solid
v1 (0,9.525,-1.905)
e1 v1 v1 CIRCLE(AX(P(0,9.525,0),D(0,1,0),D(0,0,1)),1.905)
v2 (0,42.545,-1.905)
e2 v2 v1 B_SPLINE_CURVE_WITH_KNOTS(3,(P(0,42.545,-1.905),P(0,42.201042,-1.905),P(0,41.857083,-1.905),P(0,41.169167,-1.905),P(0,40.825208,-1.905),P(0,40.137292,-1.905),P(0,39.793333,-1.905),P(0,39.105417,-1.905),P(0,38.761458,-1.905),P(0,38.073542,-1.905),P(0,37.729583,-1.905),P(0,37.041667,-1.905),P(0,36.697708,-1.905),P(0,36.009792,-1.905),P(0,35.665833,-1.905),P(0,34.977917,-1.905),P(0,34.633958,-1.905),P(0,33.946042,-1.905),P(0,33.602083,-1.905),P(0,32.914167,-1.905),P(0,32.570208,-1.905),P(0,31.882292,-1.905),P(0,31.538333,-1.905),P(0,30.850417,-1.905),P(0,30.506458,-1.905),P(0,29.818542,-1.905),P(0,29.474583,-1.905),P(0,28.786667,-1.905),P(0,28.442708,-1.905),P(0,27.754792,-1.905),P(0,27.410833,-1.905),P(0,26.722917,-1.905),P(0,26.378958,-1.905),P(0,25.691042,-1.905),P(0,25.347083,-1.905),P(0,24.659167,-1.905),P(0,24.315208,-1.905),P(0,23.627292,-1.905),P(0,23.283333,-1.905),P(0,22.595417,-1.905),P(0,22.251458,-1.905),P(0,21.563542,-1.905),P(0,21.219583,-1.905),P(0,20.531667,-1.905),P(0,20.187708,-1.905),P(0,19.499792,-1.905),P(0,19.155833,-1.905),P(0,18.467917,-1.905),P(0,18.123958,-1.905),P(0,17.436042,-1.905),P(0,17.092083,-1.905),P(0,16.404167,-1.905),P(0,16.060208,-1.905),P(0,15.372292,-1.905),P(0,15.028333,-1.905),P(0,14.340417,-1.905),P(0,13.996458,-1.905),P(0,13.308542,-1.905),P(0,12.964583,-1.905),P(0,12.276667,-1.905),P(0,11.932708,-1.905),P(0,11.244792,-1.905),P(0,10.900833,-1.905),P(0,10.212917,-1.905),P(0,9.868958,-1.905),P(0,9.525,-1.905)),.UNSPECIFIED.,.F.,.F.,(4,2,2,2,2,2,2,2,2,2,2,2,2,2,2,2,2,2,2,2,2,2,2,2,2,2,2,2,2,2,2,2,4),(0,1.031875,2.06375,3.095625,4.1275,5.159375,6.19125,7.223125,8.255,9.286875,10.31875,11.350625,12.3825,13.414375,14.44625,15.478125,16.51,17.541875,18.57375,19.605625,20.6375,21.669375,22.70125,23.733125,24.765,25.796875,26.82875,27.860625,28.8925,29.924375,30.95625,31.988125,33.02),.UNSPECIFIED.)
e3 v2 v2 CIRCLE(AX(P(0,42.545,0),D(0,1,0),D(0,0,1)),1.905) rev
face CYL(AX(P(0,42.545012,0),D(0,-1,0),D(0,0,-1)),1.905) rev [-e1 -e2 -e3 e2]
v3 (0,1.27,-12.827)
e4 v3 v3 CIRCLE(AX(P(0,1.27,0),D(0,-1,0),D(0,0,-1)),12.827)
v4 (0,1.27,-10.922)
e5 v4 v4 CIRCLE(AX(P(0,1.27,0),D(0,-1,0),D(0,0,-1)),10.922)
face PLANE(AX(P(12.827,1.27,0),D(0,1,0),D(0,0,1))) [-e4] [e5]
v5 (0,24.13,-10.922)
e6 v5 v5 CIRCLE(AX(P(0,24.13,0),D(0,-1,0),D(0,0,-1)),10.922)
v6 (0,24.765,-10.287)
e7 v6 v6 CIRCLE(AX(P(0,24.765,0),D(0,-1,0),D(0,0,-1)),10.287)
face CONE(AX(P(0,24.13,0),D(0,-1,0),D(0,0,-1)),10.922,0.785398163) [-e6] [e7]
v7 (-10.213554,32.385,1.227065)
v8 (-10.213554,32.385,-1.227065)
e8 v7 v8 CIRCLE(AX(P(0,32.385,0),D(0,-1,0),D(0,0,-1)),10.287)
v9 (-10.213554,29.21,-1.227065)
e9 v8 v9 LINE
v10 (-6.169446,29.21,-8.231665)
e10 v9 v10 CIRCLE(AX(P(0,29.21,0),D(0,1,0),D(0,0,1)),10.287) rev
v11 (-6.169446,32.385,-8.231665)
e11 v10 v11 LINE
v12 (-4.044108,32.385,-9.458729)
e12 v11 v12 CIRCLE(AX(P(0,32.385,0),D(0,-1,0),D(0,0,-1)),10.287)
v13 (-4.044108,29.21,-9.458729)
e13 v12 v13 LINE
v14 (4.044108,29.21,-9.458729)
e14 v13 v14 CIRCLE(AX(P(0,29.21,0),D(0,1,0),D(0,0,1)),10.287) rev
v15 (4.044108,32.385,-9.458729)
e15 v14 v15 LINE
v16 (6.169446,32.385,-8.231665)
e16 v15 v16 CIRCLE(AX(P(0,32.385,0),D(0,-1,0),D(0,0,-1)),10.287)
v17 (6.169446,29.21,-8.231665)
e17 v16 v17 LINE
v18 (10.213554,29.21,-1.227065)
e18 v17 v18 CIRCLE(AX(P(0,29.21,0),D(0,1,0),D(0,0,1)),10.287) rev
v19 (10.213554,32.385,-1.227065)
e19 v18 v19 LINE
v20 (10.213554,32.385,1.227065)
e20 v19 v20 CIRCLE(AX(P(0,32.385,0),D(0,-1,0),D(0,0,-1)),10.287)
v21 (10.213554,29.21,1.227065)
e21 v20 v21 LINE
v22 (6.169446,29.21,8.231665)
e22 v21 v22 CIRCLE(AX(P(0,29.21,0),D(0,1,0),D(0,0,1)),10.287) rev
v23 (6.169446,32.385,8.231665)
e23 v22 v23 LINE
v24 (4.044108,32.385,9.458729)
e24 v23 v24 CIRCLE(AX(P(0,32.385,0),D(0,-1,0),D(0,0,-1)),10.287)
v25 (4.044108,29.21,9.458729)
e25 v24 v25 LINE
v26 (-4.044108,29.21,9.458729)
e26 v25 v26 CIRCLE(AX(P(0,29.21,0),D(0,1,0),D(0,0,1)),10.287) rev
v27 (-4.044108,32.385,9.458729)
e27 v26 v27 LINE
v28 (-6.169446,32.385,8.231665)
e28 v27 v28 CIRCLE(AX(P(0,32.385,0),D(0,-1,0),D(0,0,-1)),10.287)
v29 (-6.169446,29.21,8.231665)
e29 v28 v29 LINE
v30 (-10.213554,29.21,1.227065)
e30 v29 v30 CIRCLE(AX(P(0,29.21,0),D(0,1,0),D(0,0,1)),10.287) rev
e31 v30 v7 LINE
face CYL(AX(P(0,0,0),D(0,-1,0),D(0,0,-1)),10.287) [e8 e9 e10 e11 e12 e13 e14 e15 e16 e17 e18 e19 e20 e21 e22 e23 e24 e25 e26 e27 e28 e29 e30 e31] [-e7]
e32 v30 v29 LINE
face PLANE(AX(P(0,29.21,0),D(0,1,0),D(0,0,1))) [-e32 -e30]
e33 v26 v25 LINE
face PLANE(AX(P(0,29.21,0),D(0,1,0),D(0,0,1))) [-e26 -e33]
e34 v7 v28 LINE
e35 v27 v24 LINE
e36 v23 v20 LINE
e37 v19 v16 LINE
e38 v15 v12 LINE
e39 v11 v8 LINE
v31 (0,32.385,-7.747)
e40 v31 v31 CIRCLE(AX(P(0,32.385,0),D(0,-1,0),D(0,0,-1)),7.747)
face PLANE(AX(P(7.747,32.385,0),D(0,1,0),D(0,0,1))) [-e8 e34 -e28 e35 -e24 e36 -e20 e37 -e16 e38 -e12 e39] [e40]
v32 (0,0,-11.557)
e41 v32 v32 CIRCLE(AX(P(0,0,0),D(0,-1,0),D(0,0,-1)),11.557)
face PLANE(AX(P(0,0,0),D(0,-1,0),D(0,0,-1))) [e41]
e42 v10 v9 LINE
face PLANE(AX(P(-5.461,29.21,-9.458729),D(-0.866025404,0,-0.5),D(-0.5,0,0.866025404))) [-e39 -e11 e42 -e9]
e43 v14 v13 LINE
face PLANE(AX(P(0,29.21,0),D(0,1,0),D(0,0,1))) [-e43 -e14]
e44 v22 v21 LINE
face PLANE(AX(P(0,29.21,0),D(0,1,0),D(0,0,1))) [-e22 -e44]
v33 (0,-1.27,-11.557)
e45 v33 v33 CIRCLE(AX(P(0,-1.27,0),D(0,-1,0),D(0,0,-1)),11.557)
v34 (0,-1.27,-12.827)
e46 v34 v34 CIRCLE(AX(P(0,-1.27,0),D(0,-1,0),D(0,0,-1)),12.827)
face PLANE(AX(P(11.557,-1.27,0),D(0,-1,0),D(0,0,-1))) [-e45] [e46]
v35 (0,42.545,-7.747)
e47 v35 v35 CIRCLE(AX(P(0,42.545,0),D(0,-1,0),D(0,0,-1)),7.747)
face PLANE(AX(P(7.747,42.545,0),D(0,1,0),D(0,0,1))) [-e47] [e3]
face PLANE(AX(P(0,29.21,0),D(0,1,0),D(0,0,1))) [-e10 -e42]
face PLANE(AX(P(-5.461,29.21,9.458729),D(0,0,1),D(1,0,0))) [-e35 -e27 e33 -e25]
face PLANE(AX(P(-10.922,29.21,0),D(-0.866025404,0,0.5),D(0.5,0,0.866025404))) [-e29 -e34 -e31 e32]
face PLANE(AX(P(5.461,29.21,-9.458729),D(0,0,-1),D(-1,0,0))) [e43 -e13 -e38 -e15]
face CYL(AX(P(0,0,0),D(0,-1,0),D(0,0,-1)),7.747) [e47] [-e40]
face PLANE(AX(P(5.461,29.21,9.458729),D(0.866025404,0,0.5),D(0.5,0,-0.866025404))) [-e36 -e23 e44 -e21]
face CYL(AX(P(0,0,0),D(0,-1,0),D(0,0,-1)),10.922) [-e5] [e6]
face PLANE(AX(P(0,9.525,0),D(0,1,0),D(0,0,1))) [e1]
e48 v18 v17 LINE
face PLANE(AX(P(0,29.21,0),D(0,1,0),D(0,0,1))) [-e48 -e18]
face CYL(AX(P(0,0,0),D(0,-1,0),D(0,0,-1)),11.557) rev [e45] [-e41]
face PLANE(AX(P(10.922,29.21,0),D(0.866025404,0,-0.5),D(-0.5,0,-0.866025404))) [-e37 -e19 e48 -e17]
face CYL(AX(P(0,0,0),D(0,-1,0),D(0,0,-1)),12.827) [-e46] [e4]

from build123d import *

# Parameters (mm, degrees)
SKETCH2_R               = 12.827
CUT_EXTRUDE1_DEPTH      = 3.175
CUT_EXTRUDE2_DEPTH      = 48.421704767
CUT_EXTRUDE2_DEPTH_BACK = 33.02
SKETCH3_R               = 1.905


with BuildPart() as part:
    # Sketch1 → Revolve1 (revolve)
    with BuildSketch(Plane.XY, mode=Mode.PRIVATE) as revolve1_sk:
        Polygon((0, 0), (11.557, 0), (11.557, -1.27), (12.827, -1.27), (12.827, 1.27), (10.922, 1.27), (10.922, 24.13), (10.287, 24.765), (10.287, 32.385), (7.747, 32.385), (7.747, 42.545), (0, 42.545), (0, 32.385), align=None)
    revolve(revolve1_sk.sketch.rotate(Axis((0, 0, 0), (0, 1, 0)), 90), axis=Axis((0, 0, 0), (0, 1, 0)))

    # Sketch2 → Cut-Extrude1 (cut)
    with BuildSketch(Plane(origin=(0, 32.385, 0), x_dir=(1, 0, 0), z_dir=(0, 1, 0))):
        with Locations(Location((0, 0, 0), (0, 0, 90))):
            Circle(SKETCH2_R)
        Polygon((-10.922, 0), (-5.461, -9.45872946), (5.461, -9.45872946), (10.922, 0), (5.461, 9.45872946), (-5.461, 9.45872946), align=None, mode=Mode.SUBTRACT)
    extrude(amount=-CUT_EXTRUDE1_DEPTH, mode=Mode.SUBTRACT)

    # Sketch3 → Cut-Extrude2 (cut, two sides: drawn at the far end of the back side and taken through both)
    with BuildSketch(Plane(origin=(0, 42.545, 0), x_dir=(1, 0, 0), z_dir=(0, 1, 0)).offset(-CUT_EXTRUDE2_DEPTH_BACK)):
        with Locations(Location((0, 0, 0), (0, 0, 90))):
            Circle(SKETCH3_R)
    extrude(amount=CUT_EXTRUDE2_DEPTH + CUT_EXTRUDE2_DEPTH_BACK, mode=Mode.SUBTRACT)


solid = part.part
